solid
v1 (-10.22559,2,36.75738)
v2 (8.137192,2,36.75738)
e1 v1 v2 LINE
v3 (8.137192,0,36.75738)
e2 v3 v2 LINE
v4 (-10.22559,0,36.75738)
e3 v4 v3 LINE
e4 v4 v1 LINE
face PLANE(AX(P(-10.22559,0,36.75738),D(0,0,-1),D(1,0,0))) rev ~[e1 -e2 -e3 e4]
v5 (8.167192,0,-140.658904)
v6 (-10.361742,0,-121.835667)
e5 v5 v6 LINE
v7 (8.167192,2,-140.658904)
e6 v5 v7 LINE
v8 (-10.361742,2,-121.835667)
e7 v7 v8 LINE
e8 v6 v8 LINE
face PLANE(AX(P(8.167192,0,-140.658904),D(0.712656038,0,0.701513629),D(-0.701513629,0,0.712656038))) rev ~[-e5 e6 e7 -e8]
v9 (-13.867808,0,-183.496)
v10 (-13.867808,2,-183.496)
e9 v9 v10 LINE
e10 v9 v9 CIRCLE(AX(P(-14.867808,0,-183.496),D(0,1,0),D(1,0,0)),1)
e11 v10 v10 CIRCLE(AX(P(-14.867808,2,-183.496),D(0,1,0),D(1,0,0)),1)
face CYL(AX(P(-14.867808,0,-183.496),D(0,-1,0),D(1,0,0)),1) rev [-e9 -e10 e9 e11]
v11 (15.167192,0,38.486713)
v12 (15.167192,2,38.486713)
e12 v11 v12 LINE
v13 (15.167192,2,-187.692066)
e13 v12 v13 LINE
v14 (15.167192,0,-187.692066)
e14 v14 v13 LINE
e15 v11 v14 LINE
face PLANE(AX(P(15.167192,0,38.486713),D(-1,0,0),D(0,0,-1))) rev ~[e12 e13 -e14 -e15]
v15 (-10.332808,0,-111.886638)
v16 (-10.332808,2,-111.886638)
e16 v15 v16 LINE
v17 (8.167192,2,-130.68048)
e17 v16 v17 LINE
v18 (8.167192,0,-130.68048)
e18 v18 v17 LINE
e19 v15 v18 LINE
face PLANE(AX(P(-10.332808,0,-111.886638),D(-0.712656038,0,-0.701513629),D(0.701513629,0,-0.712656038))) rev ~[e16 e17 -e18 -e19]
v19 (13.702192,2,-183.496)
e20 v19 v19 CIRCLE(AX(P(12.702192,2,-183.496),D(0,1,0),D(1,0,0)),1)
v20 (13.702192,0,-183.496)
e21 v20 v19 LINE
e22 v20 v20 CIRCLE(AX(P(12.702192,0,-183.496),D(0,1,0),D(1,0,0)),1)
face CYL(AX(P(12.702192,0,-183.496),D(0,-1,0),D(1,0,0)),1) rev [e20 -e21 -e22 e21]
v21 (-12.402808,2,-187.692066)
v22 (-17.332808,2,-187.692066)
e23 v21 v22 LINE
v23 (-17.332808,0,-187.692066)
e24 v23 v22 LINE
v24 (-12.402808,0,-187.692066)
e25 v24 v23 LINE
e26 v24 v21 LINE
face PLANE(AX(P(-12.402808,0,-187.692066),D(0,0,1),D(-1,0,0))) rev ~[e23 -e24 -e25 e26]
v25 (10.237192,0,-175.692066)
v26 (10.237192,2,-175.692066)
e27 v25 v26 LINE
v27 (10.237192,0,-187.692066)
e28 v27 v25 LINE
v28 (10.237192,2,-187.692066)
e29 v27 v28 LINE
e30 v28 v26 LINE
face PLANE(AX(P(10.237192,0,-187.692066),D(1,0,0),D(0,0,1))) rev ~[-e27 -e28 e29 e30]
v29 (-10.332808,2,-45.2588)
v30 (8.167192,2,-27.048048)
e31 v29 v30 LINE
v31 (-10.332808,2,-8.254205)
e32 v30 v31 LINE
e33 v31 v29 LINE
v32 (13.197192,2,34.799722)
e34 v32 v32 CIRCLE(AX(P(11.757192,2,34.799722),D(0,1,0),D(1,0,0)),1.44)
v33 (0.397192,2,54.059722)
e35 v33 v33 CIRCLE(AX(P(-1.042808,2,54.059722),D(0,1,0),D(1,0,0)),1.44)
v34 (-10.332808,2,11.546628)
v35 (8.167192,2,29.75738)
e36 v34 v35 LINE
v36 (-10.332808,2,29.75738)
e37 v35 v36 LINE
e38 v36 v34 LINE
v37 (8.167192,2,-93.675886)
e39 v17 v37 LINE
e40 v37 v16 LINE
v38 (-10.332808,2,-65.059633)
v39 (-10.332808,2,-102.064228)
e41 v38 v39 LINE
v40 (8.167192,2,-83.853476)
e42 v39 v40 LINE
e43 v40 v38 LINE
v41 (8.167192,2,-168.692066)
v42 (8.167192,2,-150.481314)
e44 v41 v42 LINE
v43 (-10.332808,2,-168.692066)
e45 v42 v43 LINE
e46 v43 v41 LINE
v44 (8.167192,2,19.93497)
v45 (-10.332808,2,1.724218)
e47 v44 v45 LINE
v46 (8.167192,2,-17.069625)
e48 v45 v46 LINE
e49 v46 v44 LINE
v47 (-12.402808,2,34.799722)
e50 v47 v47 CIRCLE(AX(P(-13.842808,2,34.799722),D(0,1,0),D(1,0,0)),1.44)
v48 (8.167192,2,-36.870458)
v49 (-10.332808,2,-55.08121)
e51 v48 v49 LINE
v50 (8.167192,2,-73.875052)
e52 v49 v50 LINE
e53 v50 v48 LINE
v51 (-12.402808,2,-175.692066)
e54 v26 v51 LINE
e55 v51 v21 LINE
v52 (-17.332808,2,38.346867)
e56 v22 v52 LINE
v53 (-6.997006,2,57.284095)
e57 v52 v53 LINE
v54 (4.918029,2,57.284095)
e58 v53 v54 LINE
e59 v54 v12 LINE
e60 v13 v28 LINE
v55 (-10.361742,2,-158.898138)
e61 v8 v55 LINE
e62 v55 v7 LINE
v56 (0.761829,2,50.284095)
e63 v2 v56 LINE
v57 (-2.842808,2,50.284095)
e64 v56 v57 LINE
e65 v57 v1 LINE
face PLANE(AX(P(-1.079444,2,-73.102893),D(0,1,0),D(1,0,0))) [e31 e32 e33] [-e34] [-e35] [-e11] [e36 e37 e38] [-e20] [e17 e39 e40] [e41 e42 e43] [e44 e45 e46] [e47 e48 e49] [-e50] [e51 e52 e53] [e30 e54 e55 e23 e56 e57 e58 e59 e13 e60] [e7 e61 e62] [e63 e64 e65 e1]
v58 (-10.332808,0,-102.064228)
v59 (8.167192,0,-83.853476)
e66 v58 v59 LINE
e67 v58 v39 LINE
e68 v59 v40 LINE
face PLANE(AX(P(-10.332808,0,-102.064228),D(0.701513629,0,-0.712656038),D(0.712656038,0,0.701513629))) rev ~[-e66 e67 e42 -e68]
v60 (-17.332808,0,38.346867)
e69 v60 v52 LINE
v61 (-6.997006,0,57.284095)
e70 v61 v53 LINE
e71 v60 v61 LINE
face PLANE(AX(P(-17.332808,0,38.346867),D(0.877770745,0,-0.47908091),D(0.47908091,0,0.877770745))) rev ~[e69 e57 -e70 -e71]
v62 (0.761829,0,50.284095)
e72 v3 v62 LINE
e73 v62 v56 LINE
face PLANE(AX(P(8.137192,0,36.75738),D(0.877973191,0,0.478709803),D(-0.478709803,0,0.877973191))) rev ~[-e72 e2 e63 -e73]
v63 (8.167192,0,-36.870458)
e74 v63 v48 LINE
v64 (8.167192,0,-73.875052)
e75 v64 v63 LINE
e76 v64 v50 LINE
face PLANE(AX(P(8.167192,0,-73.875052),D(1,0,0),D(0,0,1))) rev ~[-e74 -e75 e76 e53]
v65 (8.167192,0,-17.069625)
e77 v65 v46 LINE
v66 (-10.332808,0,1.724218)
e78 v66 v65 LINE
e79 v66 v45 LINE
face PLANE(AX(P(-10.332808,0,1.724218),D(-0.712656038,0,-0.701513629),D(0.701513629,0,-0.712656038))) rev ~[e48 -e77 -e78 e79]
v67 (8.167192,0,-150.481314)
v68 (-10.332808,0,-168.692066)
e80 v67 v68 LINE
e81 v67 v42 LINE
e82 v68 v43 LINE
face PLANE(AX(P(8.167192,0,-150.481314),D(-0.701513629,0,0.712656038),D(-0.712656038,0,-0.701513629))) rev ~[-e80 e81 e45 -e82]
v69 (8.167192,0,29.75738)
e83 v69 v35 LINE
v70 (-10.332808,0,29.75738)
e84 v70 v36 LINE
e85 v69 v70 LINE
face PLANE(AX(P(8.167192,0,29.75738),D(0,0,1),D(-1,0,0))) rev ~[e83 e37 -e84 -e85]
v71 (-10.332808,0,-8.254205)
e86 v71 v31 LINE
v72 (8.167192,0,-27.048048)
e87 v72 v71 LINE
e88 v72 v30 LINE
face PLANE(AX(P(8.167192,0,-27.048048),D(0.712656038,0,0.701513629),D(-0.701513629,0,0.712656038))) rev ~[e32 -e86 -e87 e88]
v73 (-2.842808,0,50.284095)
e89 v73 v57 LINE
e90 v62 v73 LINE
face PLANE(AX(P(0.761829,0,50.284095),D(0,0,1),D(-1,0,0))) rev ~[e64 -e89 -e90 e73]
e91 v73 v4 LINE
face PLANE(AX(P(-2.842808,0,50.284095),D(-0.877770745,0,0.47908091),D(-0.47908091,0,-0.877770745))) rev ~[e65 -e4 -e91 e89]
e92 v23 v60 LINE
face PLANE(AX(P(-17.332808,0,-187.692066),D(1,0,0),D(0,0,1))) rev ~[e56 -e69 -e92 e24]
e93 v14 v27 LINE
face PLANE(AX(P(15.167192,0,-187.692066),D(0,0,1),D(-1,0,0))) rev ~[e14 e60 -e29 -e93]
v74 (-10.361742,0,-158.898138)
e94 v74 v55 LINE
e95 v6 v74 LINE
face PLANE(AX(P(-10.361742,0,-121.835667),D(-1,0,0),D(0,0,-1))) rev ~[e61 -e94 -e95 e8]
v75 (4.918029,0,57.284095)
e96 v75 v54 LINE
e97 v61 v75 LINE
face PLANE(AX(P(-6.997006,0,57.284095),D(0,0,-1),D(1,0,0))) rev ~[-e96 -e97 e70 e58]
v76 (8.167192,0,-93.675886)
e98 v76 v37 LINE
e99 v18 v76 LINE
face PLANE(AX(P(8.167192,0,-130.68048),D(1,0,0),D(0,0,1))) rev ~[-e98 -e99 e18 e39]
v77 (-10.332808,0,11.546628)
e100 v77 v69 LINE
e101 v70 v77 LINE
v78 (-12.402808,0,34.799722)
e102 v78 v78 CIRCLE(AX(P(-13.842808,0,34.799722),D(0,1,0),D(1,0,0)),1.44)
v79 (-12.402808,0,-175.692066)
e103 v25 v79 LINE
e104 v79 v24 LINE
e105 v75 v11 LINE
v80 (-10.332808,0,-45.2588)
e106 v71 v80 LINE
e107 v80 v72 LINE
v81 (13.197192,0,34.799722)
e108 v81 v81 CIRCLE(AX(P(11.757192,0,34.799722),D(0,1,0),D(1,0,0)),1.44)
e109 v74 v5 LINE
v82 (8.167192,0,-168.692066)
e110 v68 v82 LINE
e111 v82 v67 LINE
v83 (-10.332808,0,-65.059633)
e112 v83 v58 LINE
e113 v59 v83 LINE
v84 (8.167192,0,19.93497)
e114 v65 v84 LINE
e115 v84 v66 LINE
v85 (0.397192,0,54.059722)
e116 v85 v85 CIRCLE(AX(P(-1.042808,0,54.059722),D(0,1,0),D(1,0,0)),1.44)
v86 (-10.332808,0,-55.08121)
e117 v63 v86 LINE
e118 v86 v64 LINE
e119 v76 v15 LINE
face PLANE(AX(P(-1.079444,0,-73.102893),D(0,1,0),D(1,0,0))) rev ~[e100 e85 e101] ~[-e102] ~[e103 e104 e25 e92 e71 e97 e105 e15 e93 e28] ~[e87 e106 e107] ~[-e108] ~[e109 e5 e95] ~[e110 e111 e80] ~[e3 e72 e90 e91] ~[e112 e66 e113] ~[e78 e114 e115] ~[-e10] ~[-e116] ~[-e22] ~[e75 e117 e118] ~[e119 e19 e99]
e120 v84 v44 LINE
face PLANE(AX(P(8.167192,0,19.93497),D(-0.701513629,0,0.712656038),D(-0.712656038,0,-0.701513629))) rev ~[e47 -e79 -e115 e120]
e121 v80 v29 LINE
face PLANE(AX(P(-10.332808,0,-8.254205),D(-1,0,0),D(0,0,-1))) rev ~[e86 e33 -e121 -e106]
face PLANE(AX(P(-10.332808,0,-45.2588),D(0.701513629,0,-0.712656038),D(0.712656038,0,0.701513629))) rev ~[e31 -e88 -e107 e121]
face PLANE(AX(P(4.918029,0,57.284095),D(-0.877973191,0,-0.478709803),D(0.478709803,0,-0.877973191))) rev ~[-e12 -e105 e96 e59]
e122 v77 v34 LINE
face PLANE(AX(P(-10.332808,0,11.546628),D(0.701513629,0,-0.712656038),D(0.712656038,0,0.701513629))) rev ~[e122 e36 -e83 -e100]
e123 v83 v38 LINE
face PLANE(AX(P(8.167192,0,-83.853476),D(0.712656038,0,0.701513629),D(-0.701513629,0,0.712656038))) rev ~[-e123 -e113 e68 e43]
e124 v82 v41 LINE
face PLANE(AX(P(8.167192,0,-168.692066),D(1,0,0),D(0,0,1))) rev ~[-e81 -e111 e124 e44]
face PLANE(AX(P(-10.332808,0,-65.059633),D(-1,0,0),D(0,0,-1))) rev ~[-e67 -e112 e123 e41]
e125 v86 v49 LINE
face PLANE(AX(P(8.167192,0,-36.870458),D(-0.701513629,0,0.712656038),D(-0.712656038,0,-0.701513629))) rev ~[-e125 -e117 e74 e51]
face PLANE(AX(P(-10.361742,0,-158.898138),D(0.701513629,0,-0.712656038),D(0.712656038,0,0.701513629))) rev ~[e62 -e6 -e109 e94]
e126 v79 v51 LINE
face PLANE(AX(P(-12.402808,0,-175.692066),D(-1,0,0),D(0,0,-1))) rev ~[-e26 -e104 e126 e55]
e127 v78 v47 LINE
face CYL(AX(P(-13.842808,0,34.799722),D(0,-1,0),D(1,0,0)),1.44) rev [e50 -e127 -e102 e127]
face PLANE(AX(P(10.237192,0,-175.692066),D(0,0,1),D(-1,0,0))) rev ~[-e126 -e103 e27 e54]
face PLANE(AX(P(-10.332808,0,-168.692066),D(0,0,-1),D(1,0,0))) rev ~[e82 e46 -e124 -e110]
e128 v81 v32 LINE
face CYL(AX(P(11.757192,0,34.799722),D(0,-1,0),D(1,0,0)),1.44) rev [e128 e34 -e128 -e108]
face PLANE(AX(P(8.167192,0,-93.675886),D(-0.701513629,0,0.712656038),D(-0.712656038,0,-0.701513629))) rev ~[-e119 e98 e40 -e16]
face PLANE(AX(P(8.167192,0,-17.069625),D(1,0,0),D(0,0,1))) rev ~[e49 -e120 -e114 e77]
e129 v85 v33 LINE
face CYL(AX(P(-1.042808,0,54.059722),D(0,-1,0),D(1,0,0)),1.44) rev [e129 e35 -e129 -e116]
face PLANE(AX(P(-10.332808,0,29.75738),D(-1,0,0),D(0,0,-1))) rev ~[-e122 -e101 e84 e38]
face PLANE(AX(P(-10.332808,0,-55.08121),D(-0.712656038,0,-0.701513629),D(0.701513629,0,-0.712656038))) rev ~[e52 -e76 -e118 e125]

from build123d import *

# Parameters (mm, degrees)
SKETCH1_R           = 1.44
SKETCH1_R_2         = 1
BOSS_EXTRUDE1_DEPTH = 2


with BuildPart() as part:
    # Sketch1 → Boss-Extrude1 (new body)
    with BuildSketch(Plane(origin=(0, 0, 0), x_dir=(1, 0, 0), z_dir=(0, 1, 0))):
        Polygon((-17.332807681, 117.69771489), (-17.332807681, -38.346866508), (-6.997005855, -57.284094596), (4.918028523, -57.284094596), (15.167192319, -38.486712582), (15.167192319, 187.692065716), (10.237192319, 187.692065716), (10.237192319, 175.692065716), (-12.402807681, 175.692065716), (-12.402807681, 187.692065716), (-17.332807681, 187.692065716), align=None)
        with Locations((-13.842807681, -34.799722329)):
            Circle(SKETCH1_R, mode=Mode.SUBTRACT)
        with Locations((-1.042807681, -54.059722329)):
            Circle(SKETCH1_R, mode=Mode.SUBTRACT)
        Polygon((-2.842807681, -50.284094596), (-10.225590468, -36.757379986), (8.137192319, -36.757379986), (0.761829434, -50.284094596), align=None, mode=Mode.SUBTRACT)
        Polygon((8.167192319, -29.757379986), (-10.332807681, -29.757379986), (-10.332807681, -11.546628322), align=None, mode=Mode.SUBTRACT)
        Polygon((8.167192319, -19.934969699), (-10.332807681, -1.724218034), (8.167192319, 17.069624543), align=None, mode=Mode.SUBTRACT)
        with Locations((11.757192319, -34.799722329)):
            Circle(SKETCH1_R, mode=Mode.SUBTRACT)
        Polygon((8.167192319, 27.048047931), (-10.332807681, 8.254205353), (-10.332807681, 45.258799595), align=None, mode=Mode.SUBTRACT)
        Polygon((8.167192319, 36.870458218), (-10.332807681, 55.081209882), (8.167192319, 73.87505246), align=None, mode=Mode.SUBTRACT)
        Polygon((8.167192319, 83.853475847), (-10.332807681, 65.05963327), (-10.332807681, 102.064227512), align=None, mode=Mode.SUBTRACT)
        with Locations((-14.867807681, 183.496000094)):
            Circle(SKETCH1_R_2, mode=Mode.SUBTRACT)
        Polygon((8.167192319, 140.658903764), (-10.361742255, 121.835667033), (-10.361742255, 158.89813761), align=None, mode=Mode.SUBTRACT)
        Polygon((8.167192319, 150.481314052), (-10.332807681, 168.692065716), (8.167192319, 168.692065716), align=None, mode=Mode.SUBTRACT)
        Polygon((8.167192319, 93.675886135), (-10.332807681, 111.886637799), (8.167192319, 130.680480377), align=None, mode=Mode.SUBTRACT)
        with Locations((12.702192319, 183.496000094)):
            Circle(SKETCH1_R_2, mode=Mode.SUBTRACT)
    extrude(amount=BOSS_EXTRUDE1_DEPTH)


solid = part.part
